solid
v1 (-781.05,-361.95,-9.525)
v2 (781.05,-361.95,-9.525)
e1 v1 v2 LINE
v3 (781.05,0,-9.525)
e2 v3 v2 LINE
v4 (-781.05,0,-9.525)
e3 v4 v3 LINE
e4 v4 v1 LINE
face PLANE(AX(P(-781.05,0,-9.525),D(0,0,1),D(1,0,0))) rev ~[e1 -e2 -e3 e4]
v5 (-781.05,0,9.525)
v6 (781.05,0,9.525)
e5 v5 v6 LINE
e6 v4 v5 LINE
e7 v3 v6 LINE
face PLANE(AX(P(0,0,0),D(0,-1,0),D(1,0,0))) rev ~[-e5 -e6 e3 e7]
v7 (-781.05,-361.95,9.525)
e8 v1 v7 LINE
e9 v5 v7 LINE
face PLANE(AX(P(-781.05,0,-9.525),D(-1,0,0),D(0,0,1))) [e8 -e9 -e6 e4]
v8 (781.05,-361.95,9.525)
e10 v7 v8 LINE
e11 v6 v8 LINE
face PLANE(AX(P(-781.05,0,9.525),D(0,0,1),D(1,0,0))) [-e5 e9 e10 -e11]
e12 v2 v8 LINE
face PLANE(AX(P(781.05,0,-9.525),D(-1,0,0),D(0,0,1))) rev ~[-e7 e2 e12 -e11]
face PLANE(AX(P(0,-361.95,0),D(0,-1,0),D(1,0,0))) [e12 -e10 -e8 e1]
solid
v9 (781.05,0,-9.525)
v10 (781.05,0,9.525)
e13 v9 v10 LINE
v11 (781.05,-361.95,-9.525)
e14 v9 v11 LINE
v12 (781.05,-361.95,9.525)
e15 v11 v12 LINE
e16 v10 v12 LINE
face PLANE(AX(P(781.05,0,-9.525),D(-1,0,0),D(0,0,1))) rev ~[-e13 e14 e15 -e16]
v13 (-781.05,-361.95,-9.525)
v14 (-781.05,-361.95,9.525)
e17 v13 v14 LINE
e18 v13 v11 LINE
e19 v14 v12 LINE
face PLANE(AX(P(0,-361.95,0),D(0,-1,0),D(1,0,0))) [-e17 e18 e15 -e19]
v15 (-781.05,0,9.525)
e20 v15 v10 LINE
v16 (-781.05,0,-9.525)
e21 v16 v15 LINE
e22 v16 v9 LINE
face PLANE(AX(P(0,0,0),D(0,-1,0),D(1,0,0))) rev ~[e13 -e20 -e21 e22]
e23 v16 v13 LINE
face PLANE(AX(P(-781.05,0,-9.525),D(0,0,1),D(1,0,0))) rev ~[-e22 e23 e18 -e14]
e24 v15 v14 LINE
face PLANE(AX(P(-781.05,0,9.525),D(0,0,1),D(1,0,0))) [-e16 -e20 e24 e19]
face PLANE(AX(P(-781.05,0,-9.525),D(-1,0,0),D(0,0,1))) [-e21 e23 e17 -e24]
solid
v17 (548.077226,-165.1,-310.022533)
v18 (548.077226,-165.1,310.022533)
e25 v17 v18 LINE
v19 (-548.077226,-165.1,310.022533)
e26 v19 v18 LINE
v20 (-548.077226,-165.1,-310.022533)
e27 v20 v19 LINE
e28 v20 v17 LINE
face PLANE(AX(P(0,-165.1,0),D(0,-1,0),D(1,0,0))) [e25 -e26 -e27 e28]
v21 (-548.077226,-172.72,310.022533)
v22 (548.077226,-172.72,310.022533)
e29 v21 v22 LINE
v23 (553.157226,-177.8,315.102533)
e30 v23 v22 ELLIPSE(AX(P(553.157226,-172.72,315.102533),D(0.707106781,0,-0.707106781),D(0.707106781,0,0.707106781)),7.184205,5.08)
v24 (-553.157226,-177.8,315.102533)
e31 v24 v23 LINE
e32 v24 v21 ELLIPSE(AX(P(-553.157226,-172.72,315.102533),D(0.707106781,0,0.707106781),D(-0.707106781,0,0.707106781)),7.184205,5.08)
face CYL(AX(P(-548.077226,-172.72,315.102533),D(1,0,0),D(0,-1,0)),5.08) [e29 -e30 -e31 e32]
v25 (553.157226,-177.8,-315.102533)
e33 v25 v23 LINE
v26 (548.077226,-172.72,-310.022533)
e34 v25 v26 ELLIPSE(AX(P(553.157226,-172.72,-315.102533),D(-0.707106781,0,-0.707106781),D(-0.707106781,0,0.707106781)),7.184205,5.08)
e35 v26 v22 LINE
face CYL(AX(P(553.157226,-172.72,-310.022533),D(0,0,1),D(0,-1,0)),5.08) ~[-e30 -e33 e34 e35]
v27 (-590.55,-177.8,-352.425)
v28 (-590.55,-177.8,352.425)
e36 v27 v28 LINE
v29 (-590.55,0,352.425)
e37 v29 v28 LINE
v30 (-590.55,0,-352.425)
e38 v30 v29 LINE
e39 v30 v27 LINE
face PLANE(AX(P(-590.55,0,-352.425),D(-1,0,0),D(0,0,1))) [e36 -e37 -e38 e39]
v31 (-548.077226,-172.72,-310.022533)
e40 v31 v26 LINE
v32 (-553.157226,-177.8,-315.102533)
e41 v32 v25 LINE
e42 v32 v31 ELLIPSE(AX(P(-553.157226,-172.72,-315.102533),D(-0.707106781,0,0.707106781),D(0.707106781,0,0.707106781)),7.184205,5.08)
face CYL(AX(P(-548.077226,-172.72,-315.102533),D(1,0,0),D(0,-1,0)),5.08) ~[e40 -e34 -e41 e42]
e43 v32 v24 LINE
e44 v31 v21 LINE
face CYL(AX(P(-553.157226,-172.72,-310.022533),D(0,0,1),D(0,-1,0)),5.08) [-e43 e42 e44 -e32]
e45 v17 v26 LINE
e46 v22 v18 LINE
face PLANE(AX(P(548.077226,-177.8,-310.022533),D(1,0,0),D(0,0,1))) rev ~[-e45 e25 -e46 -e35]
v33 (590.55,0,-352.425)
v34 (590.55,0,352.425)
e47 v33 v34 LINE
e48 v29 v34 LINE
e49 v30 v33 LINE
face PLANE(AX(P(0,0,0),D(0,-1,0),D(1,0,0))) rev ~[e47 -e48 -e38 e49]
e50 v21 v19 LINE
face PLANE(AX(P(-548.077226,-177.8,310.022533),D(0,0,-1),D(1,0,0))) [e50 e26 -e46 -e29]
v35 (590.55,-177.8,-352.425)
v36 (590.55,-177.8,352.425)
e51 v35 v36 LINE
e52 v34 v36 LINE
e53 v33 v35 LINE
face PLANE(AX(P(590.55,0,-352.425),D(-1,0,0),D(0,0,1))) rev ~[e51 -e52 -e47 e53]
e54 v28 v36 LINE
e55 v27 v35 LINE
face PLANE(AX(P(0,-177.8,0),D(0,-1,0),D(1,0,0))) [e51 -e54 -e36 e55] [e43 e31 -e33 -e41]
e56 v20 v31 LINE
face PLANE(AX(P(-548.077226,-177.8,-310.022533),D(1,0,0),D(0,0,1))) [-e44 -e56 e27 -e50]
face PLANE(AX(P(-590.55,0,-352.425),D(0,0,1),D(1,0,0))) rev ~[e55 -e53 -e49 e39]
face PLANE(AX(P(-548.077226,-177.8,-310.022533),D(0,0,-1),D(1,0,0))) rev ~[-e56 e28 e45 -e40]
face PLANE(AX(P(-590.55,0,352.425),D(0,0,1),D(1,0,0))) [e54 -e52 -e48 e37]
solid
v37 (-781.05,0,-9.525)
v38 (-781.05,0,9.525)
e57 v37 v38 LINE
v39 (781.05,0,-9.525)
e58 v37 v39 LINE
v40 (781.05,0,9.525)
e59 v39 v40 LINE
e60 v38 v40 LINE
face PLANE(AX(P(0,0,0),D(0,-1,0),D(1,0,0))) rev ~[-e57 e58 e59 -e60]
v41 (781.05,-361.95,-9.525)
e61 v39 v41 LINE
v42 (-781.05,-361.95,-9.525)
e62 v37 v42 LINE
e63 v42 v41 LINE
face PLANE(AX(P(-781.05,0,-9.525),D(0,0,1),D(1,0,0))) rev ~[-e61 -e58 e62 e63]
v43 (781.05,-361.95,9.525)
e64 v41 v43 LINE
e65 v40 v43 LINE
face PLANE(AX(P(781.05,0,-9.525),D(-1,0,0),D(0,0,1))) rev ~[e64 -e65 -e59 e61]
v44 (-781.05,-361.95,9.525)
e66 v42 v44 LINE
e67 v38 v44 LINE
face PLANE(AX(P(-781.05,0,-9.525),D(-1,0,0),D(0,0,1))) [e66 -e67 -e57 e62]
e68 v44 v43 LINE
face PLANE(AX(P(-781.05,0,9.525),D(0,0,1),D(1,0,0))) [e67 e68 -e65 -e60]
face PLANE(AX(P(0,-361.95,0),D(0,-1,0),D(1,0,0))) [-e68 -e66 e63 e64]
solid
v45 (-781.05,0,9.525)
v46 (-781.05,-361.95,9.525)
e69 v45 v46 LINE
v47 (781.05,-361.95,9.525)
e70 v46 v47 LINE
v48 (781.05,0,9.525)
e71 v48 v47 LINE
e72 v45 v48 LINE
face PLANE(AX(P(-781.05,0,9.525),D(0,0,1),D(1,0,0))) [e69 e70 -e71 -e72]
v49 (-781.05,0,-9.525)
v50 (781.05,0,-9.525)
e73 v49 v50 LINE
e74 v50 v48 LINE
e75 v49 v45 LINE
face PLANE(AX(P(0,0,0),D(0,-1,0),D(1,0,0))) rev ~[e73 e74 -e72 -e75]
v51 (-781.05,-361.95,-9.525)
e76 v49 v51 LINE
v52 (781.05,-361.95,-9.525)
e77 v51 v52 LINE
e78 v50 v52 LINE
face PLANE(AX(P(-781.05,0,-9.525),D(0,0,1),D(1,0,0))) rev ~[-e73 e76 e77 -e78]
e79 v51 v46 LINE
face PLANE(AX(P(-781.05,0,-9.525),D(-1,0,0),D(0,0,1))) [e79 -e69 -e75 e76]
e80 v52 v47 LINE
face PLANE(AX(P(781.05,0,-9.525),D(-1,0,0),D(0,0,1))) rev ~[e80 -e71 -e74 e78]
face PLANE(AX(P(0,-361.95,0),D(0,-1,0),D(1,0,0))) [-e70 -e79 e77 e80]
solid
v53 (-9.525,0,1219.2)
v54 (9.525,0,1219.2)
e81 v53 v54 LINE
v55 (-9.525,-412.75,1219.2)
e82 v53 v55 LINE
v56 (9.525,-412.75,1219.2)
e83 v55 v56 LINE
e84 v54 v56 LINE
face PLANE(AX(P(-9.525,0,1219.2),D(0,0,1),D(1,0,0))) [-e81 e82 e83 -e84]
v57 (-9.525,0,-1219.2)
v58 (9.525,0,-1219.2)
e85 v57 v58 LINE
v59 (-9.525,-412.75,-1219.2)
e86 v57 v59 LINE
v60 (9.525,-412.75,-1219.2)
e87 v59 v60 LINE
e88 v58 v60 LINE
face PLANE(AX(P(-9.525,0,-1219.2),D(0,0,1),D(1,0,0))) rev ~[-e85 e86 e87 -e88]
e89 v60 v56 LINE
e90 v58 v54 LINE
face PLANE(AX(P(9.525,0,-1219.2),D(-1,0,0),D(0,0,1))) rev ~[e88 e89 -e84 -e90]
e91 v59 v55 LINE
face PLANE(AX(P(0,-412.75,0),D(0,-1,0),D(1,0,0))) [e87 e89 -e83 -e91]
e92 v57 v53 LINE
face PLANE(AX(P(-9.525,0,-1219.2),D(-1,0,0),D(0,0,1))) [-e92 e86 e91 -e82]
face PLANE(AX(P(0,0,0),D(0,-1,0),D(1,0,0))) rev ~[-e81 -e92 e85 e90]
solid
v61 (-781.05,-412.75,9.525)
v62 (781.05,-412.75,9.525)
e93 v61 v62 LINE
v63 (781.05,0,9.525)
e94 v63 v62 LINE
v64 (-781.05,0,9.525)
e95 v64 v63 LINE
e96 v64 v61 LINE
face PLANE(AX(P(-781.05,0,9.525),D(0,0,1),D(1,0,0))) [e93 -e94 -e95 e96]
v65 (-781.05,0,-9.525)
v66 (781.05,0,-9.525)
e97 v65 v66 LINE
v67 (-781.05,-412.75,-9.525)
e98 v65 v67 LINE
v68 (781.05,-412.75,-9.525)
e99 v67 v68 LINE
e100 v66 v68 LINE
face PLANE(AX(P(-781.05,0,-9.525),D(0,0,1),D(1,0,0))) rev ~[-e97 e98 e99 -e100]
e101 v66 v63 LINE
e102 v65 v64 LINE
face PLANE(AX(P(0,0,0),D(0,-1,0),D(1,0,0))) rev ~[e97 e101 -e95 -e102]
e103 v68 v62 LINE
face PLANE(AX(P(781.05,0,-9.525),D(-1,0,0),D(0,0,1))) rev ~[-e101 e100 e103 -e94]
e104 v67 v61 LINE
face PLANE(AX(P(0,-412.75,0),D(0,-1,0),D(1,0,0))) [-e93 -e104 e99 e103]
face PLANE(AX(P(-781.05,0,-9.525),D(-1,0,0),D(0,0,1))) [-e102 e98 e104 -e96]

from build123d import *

# Parameters (mm, degrees)
F0_W      = 1181.1
F0_H      = 704.85
F1_DEPTH  = 177.8
F4_W      = 1562.1
F4_H      = 19.05
F5_DEPTH  = 412.75
F6_DEPTH  = 361.95
F7_DEPTH  = 361.95
F8_DEPTH  = 361.95
F9_DEPTH  = 361.95
F3_W      = 19.05
F3_H      = 2438.4
F10_DEPTH = 412.75
F2_W      = 1096.154452
F2_H      = 620.045066
F11_DEPTH = 12.7
F13_R     = 5.08


with BuildPart() as f1:
    # F0 (on Front) → F1 (new body)
    with BuildSketch(Plane.XZ):
        Rectangle(F0_W, F0_H)
    extrude(amount=F1_DEPTH)


with BuildPart() as f5:
    # F4 (on Front) → F5 (new body)
    with BuildSketch(Plane.XZ):
        Rectangle(F4_W, F4_H)
    extrude(amount=F5_DEPTH)


with BuildPart() as f6:
    # F4 (on Front) → F6 (new body)
    with BuildSketch(Plane.XZ):
        Rectangle(F4_W, F4_H)
    extrude(amount=F6_DEPTH)


with BuildPart() as f7:
    # F4 (on Front) → F7 (new body)
    with BuildSketch(Plane.XZ):
        Rectangle(F4_W, F4_H)
    extrude(amount=F7_DEPTH)


with BuildPart() as f8:
    # F4 (on Front) → F8 (new body)
    with BuildSketch(Plane.XZ):
        Rectangle(F4_W, F4_H)
    extrude(amount=F8_DEPTH)


with BuildPart() as f9:
    # F4 (on Front) → F9 (new body)
    with BuildSketch(Plane.XZ):
        Rectangle(F4_W, F4_H)
    extrude(amount=F9_DEPTH)


with BuildPart() as f10:
    # F3 (on Front) → F10 (new body)
    with BuildSketch(Plane.XZ):
        Rectangle(F3_W, F3_H)
    extrude(amount=F10_DEPTH)


with BuildPart() as f11:
    # F2 (on face) → F11 (new body, symmetric)
    with BuildSketch(Plane.XZ.offset(177.8)):
        Rectangle(F2_W, F2_H)
    extrude(amount=F11_DEPTH, both=True)


with BuildPart() as f1_1:
    add(f1.part)

    # F12: cut F11
    add(f11.part, mode=Mode.SUBTRACT)

    # F13
    f13_edges = [f1_1.edges().sort_by_distance(p)[0] for p in [
        (-548.077226, -177.8, 0),
        (0, -177.8, 310.022533),
        (548.077226, -177.8, 0),
        (0, -177.8, -310.022533),
    ]]
    fillet(f13_edges, radius=F13_R)


solid = Compound([f5.part, f6.part, f7.part, f8.part, f9.part, f10.part, f1_1.part])
